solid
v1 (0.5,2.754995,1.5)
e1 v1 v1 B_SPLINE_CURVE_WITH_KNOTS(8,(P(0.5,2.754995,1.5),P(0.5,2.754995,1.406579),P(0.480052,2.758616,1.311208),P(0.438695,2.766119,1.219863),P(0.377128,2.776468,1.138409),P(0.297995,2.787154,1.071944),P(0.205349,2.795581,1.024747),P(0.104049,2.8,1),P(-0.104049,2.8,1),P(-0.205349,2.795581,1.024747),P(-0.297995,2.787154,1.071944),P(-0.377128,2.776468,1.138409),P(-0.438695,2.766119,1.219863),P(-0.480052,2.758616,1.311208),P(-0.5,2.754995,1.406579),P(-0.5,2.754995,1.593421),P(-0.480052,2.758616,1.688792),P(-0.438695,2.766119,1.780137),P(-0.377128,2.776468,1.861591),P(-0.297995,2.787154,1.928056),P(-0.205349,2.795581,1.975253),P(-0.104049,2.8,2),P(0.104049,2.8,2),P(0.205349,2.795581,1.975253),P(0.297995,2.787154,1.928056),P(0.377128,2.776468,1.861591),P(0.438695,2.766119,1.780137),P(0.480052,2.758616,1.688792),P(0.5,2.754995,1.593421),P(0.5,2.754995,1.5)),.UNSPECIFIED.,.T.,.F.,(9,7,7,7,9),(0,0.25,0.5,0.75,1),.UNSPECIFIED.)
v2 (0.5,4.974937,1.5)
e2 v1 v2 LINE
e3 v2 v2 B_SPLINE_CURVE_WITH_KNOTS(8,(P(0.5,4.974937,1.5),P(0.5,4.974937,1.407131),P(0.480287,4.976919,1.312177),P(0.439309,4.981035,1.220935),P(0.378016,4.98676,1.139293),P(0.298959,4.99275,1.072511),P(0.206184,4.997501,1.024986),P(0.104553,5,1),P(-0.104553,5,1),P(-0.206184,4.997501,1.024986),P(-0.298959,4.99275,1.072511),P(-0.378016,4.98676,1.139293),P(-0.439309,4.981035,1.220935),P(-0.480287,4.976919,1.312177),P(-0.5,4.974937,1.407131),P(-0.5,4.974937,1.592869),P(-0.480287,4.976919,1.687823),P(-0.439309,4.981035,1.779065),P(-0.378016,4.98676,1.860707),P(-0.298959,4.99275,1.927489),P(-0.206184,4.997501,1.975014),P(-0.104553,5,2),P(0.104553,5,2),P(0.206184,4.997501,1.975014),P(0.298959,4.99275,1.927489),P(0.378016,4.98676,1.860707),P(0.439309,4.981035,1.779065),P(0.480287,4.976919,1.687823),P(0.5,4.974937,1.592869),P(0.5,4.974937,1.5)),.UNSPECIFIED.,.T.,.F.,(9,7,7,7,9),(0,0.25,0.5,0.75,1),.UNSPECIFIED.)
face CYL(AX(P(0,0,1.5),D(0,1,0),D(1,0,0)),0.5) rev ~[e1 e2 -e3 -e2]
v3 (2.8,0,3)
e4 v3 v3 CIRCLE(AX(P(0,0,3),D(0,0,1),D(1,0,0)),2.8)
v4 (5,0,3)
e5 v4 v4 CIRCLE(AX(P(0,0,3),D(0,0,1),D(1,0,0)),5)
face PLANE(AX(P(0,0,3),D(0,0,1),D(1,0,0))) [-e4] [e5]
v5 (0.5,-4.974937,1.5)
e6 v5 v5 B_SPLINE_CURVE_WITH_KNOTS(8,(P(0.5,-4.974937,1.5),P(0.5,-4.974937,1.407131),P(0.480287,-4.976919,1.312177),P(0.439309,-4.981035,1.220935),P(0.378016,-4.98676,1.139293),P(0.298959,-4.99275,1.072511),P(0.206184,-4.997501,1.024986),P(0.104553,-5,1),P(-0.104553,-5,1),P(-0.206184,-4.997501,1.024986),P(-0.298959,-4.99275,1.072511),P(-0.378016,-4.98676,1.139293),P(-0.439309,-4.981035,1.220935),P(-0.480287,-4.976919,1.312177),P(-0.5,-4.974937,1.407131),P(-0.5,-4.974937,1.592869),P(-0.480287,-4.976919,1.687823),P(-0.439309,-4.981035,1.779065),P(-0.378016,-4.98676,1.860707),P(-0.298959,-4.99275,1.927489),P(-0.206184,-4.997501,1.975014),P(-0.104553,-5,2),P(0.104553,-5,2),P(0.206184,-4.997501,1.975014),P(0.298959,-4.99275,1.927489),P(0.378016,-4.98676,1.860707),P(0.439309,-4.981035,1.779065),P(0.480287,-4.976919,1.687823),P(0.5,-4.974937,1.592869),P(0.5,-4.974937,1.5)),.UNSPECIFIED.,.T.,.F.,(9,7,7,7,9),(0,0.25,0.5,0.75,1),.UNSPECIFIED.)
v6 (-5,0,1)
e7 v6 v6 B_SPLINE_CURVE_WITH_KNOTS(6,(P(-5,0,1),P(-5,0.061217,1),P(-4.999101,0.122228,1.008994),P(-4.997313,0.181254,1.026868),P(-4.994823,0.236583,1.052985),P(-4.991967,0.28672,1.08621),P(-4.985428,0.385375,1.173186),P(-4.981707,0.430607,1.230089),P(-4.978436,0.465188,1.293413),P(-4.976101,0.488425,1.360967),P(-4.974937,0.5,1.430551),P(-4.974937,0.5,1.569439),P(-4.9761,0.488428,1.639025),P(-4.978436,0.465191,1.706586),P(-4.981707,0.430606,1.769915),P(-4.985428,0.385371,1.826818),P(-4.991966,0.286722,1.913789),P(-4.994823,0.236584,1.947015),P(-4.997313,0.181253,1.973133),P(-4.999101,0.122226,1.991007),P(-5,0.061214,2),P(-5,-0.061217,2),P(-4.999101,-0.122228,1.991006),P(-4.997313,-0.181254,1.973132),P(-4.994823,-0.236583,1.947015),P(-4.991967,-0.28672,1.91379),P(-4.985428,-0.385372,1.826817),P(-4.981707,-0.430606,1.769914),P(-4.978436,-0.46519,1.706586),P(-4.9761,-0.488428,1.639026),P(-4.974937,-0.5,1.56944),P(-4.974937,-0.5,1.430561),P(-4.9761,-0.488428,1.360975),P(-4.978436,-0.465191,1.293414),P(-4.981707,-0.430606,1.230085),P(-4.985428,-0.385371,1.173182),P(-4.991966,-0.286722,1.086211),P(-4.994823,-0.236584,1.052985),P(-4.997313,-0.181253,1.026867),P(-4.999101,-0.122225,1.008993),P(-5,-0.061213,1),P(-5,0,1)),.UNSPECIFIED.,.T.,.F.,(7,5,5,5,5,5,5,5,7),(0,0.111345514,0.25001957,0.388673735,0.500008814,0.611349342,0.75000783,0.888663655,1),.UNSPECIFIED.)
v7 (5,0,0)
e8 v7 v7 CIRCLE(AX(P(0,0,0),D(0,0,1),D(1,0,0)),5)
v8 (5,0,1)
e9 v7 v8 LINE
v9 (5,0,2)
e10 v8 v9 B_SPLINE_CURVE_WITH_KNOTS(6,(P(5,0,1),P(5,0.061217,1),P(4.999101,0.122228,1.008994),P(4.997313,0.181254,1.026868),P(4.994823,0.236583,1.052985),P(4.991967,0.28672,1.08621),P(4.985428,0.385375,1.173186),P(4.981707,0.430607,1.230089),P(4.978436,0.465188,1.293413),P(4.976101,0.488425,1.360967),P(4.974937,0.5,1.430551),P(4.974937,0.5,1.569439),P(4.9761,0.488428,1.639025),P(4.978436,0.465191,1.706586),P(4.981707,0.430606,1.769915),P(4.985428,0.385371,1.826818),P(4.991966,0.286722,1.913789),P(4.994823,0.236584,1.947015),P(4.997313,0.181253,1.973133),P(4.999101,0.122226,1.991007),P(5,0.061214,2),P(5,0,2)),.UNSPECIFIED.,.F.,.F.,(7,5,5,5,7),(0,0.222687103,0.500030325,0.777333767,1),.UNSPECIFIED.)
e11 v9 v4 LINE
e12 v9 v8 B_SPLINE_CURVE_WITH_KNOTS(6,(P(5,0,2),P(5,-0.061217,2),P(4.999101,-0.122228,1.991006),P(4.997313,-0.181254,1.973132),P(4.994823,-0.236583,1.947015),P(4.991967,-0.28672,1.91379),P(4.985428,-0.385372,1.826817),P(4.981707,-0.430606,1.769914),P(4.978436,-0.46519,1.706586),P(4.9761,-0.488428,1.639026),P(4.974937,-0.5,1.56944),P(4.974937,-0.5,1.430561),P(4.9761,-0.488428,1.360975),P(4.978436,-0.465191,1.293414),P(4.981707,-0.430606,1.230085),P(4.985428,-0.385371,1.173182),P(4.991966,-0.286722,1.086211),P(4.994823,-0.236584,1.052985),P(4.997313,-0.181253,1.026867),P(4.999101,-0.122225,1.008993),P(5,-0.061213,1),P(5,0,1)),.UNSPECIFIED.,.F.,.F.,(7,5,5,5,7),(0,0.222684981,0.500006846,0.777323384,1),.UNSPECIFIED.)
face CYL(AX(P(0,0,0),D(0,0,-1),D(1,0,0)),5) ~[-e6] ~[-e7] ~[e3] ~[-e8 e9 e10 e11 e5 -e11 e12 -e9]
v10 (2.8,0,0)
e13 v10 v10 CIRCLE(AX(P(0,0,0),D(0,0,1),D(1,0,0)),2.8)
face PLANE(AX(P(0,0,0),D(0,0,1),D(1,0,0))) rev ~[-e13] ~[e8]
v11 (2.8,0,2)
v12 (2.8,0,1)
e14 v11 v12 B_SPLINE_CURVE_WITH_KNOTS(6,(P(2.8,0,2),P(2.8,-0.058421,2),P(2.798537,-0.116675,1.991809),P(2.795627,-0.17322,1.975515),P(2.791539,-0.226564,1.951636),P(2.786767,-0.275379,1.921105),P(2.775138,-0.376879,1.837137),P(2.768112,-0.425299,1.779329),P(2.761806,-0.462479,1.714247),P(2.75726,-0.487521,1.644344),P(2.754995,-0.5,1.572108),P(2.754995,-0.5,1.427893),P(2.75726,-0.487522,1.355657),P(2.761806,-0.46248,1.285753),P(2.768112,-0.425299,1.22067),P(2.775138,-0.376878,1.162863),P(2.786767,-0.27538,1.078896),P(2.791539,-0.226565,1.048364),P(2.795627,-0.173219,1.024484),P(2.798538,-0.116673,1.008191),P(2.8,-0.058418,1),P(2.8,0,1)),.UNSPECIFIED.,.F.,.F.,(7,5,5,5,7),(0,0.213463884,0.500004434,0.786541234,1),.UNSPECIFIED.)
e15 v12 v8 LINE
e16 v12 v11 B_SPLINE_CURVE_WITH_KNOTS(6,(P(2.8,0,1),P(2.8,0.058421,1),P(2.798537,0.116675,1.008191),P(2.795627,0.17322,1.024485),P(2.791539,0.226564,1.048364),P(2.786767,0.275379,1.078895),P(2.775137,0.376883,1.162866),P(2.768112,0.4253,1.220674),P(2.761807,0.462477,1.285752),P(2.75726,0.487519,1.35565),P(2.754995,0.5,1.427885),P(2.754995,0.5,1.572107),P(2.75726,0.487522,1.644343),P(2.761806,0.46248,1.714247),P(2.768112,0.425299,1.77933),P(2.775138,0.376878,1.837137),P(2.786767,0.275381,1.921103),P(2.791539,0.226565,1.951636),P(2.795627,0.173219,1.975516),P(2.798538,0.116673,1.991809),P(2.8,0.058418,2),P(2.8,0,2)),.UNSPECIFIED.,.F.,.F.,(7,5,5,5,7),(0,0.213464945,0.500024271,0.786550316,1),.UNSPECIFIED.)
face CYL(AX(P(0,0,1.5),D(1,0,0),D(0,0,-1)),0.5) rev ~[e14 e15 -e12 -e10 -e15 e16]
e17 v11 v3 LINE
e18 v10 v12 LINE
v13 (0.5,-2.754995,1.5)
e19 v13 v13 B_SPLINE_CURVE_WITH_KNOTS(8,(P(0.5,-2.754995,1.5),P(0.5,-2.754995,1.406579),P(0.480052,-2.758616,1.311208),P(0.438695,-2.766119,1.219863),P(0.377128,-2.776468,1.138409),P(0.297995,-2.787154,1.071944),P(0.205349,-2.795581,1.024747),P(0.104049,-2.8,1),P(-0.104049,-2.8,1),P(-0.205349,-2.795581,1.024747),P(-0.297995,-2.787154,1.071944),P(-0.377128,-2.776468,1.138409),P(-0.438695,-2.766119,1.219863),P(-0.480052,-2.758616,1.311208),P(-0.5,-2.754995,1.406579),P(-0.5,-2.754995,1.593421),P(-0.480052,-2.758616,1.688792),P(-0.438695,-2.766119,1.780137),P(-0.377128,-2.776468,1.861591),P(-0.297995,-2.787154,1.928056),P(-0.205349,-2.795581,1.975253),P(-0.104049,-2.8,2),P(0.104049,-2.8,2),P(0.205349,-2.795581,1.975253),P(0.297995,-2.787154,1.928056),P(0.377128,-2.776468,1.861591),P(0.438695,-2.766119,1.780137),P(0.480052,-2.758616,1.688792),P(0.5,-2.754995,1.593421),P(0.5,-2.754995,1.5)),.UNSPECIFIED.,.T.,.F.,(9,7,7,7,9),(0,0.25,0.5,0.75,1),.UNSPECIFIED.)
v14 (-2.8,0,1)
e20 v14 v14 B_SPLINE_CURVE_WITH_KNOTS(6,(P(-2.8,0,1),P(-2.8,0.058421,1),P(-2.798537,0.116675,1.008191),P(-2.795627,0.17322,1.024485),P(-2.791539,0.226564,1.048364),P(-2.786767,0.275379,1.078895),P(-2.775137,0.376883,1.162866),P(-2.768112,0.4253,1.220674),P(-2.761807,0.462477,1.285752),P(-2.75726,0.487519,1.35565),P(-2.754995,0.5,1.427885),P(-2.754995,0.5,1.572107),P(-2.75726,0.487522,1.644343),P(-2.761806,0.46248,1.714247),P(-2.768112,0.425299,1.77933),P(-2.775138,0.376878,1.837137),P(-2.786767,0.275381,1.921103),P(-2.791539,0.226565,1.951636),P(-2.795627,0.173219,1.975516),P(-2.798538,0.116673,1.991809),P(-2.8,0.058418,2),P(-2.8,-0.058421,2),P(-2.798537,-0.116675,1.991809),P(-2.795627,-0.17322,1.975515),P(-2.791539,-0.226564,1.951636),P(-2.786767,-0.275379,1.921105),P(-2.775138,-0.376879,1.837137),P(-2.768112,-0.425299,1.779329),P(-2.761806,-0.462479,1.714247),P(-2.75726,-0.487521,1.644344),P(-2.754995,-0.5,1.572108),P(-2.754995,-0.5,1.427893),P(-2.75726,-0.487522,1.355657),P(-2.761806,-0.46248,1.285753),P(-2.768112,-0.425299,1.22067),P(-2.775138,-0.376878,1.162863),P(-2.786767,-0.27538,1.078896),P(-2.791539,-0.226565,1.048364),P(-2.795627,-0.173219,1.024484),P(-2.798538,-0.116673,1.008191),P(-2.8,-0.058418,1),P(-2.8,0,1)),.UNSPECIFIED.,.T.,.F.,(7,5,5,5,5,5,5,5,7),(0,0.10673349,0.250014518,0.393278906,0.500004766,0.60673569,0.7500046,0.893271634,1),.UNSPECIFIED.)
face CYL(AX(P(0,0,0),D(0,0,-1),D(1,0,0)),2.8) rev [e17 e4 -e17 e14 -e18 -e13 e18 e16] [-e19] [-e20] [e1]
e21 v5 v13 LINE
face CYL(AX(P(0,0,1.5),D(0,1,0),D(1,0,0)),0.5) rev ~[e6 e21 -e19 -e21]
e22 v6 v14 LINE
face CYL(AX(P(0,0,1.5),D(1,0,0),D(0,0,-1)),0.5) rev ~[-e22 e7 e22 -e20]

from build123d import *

# Parameters (mm, degrees)
SKETCH_1_R          = 5
SKETCH_1_R_2        = 2.8
EXTRUDE_1_DEPTH     = 3
SKETCH_2_R          = 0.5
CUT_EXTRUDE_1_DEPTH = 6.5
SKETCH_3_R          = 0.5
CUT_EXTRUDE_2_DEPTH = 6.5


with BuildPart() as part:
    # 草图1 → 凸台-拉伸1 (new body)
    with BuildSketch(Plane.XY):
        Circle(SKETCH_1_R)
        Circle(SKETCH_1_R_2, mode=Mode.SUBTRACT)
    extrude(amount=EXTRUDE_1_DEPTH)

    # 草图2 → 切除-拉伸1 (cut, symmetric)
    with BuildSketch(Plane(origin=(0, 0, 0), x_dir=(1, 0, 0), z_dir=(0, 1, 0))):
        with Locations((0, -1.5)):
            Circle(SKETCH_2_R)
    extrude(amount=CUT_EXTRUDE_1_DEPTH, both=True, mode=Mode.SUBTRACT)

    # 草图3 → 切除-拉伸2 (cut, symmetric)
    with BuildSketch(Plane(origin=(0, 0, 0), x_dir=(0, 0, -1), z_dir=(1, 0, 0))):
        with Locations((-1.5, 0)):
            Circle(SKETCH_3_R)
    extrude(amount=CUT_EXTRUDE_2_DEPTH, both=True, mode=Mode.SUBTRACT)


solid = part.part
